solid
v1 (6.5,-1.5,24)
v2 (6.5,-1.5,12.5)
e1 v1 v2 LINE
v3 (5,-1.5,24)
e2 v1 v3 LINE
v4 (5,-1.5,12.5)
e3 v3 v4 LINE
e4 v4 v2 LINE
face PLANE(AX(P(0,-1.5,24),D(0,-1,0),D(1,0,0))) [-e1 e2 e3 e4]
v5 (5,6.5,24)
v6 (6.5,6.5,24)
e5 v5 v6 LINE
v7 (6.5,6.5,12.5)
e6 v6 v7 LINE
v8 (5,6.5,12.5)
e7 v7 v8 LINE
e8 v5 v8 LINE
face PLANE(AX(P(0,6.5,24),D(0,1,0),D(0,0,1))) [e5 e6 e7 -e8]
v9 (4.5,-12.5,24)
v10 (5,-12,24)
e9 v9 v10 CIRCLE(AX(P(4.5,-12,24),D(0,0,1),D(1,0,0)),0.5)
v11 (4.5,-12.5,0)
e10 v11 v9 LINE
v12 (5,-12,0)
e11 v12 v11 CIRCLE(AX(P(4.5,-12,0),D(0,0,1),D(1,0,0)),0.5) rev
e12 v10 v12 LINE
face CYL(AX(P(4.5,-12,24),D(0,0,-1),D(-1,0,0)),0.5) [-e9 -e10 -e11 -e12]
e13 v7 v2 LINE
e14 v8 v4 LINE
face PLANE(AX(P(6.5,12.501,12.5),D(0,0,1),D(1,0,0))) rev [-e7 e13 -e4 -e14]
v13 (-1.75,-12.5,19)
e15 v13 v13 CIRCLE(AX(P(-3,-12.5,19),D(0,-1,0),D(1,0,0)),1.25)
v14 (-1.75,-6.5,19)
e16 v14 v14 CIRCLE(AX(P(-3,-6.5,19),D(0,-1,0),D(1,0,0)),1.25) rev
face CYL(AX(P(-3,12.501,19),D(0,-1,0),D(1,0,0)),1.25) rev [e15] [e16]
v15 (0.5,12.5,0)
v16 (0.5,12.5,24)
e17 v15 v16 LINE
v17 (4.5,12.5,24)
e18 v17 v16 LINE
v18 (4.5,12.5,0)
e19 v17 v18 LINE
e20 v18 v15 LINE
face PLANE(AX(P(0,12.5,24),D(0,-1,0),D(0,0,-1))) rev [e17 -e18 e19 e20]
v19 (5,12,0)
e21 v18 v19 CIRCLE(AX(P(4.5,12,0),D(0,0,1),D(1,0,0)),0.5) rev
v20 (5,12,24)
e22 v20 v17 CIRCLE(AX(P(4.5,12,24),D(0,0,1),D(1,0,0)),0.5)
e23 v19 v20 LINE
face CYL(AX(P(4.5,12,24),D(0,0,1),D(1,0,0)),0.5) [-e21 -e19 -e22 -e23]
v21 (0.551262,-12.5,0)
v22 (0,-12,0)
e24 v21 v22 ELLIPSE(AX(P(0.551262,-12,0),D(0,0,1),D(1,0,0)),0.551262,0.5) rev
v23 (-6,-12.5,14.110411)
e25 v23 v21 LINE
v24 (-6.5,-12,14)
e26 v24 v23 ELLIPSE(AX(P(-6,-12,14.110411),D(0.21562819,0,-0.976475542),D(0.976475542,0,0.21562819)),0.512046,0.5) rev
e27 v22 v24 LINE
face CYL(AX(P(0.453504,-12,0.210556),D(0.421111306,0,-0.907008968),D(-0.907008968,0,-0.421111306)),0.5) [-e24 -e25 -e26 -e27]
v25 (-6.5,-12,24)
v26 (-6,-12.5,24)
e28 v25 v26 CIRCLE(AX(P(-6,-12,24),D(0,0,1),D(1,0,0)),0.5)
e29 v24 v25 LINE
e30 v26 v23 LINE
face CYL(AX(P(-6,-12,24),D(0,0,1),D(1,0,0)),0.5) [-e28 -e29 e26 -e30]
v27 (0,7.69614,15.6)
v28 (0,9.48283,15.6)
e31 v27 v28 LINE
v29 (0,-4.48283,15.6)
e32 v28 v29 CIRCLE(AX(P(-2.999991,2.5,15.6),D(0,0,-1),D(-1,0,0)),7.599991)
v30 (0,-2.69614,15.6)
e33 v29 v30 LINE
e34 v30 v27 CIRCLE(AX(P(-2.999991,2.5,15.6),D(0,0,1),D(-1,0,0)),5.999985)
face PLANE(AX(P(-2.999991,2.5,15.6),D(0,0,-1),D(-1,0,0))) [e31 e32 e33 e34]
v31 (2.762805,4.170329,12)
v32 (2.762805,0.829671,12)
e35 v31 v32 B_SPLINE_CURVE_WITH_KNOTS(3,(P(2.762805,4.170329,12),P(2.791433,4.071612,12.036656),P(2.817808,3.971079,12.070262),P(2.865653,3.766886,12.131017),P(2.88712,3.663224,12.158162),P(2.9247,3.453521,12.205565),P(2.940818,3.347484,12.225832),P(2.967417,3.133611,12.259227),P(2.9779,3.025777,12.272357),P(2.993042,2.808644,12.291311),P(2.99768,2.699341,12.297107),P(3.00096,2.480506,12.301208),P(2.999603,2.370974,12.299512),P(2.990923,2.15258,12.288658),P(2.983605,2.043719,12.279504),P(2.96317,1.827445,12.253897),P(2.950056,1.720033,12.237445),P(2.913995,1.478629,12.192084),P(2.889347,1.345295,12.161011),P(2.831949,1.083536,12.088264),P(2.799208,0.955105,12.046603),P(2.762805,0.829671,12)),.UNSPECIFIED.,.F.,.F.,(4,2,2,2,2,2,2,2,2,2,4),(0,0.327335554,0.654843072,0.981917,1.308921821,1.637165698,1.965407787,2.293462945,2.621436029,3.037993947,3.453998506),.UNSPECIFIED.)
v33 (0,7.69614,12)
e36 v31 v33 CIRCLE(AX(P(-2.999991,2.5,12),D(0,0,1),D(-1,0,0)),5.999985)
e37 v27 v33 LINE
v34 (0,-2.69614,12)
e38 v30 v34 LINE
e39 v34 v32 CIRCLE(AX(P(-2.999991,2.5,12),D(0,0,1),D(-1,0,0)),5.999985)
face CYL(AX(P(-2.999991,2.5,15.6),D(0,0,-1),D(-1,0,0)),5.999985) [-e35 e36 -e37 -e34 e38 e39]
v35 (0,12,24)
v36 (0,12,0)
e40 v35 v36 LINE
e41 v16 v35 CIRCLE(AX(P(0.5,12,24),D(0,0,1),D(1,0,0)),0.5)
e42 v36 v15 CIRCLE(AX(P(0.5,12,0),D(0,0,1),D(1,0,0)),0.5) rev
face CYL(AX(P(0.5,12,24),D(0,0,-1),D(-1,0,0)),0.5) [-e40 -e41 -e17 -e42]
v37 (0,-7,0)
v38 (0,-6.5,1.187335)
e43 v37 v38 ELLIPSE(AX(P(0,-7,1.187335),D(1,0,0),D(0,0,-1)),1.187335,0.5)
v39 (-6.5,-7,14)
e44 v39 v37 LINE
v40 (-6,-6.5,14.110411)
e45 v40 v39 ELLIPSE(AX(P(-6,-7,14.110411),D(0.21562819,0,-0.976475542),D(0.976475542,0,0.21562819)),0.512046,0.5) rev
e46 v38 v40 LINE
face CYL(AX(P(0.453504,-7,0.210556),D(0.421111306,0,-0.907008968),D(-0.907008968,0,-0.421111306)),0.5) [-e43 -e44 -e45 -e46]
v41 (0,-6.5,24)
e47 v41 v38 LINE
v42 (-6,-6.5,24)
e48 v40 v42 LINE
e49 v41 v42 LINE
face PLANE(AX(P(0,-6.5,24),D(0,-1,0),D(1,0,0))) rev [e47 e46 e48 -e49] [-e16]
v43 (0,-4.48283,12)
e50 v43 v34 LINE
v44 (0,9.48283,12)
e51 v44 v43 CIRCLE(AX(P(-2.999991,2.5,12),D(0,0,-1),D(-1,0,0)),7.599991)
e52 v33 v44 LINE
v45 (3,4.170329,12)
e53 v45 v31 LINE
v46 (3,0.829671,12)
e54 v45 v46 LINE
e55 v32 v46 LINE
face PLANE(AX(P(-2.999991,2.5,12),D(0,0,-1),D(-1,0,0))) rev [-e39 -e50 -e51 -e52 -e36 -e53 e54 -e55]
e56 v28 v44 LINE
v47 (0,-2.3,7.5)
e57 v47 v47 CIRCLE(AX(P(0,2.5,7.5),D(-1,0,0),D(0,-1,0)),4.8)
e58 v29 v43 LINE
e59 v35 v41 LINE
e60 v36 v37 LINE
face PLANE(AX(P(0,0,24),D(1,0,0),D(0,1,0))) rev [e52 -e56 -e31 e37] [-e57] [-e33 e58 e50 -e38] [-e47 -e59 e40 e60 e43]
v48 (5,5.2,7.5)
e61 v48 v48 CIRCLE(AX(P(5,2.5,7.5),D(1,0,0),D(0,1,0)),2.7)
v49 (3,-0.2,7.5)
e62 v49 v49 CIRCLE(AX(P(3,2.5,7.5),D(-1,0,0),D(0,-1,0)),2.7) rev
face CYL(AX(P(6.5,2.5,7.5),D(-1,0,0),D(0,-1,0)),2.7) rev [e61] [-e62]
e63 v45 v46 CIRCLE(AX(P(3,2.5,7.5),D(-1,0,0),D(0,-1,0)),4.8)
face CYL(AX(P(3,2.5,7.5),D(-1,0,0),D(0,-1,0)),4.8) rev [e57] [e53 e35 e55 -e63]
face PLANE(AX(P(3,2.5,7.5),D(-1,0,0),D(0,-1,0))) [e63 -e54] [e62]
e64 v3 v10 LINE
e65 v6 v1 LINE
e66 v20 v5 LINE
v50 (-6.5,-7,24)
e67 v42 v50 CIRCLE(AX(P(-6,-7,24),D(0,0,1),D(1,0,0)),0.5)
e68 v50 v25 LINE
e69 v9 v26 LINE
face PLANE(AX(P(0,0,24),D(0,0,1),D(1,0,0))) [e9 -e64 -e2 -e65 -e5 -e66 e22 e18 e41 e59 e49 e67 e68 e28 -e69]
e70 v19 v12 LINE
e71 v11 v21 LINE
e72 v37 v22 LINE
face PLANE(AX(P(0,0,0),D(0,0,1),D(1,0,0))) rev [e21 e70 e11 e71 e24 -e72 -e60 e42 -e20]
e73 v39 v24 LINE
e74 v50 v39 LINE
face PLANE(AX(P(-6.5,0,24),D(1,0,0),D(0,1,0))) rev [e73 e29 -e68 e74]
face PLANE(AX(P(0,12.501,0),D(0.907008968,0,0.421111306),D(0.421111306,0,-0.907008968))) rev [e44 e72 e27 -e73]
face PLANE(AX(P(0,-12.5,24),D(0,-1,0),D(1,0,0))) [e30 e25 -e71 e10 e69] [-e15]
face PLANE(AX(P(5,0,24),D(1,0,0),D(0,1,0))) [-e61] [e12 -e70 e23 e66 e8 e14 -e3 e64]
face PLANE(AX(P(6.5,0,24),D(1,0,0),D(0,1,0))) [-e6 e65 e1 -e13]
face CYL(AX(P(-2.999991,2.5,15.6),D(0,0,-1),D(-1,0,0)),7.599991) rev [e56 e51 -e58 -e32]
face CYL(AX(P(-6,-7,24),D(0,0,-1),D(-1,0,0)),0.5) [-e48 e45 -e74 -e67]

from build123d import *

# Parameters (mm, degrees)
BOSS_EXTRUDE1_DEPTH = 24
CUT_EXTRUDE1_REACH  = 37.26
SKETCH2_R           = 1.25
SKETCH2_W           = 1.5
SKETCH2_H           = 12.5
SKETCH3_R           = 2.7
CUT_EXTRUDE2_DEPTH  = 28.8298401
SKETCH4_R           = 4.8
CUT_EXTRUDE3_DEPTH  = 3
FILLET1_R           = 0.5
CUT_EXTRUDE4_DEPTH  = 3.6


with BuildPart() as part:
    # Sketch1 → Boss-Extrude1 (new body)
    with BuildSketch(Plane.XY):
        Polygon((5, 12.5), (0, 12.5), (0, -6.5), (-6.5, -6.5), (-6.5, -12.5), (5, -12.5), (5, -1.5), (6.5, -1.5), (6.5, 6.5), (5, 6.5), align=None)
    extrude(amount=BOSS_EXTRUDE1_DEPTH)

    # Sketch2 → Cut-Extrude1 (cut, up to next)
    with BuildSketch(Plane.XZ.offset(12.5), mode=Mode.PRIVATE) as cut_extrude1_sk1:
        with Locations((-3, 19)):
            Circle(SKETCH2_R)
    cut_extrude1_tool1 = extrude(cut_extrude1_sk1.sketch, amount=-CUT_EXTRUDE1_REACH, mode=Mode.PRIVATE) & part.part
    # Sketch2 → Cut-Extrude1 (cut, up to next)
    with BuildSketch(Plane.XZ.offset(12.5), mode=Mode.PRIVATE) as cut_extrude1_sk2:
        with Locations((5.75, 6.25)):
            Rectangle(SKETCH2_W, SKETCH2_H)
    cut_extrude1_tool2 = extrude(cut_extrude1_sk2.sketch, amount=-CUT_EXTRUDE1_REACH, mode=Mode.PRIVATE) & part.part
    # Sketch2 → Cut-Extrude1 (cut, up to next)
    with BuildSketch(Plane.XZ.offset(12.5), mode=Mode.PRIVATE) as cut_extrude1_sk3:
        Polygon((0, 0), (-6.5, 14), (-6.5, 0), align=None)
    cut_extrude1_tool3 = extrude(cut_extrude1_sk3.sketch, amount=-CUT_EXTRUDE1_REACH, mode=Mode.PRIVATE) & part.part
    add(cut_extrude1_tool1.solids().sort_by_distance((-3, -12.5, 19))[0], mode=Mode.SUBTRACT)
    add(cut_extrude1_tool2.solids().sort_by_distance((5.75, -12.5, 6.25))[0], mode=Mode.SUBTRACT)
    add(cut_extrude1_tool3.solids().sort_by_distance((-4.333333, -12.5, 4.666667))[0], mode=Mode.SUBTRACT)

    # Sketch3 → Cut-Extrude2 (cut, through all)
    with BuildSketch(Plane.ZY):
        with Locations((7.5, 2.5)):
            Circle(SKETCH3_R)
    extrude(amount=-CUT_EXTRUDE2_DEPTH, mode=Mode.SUBTRACT)

    # Sketch4 → Cut-Extrude3 (cut)
    with BuildSketch(Plane.ZY):
        with Locations((7.5, 2.5)):
            Circle(SKETCH4_R)
    extrude(amount=-CUT_EXTRUDE3_DEPTH, mode=Mode.SUBTRACT)

    # Fillet1
    fillet1_edges = [part.edges().sort_by_distance(p)[0] for p in [
        (5, -12.5, 12),
        (0, 12.5, 12),
        (5, 12.5, 12),
        (-6.5, -12.5, 19),
        (-3.25, -12.5, 7),
        (-6.5, -6.5, 19),
        (-3.25, -6.5, 7),
    ]]
    fillet(fillet1_edges, radius=FILLET1_R)

    # Sketch6 → Cut-Extrude4 (cut)
    with BuildSketch(Plane(origin=(0, 0, 12), x_dir=(-1, 0, 0), z_dir=(0, 0, -1))):
        with BuildLine():
            Line((0, 7.69614), (0, 9.48283))
            ThreePointArc((0, 9.48283), (-4.6, 2.5), (0, -4.48283))
            Line((0, -4.48283), (0, -2.69614))
            ThreePointArc((0, -2.69614), (-2.999993872, 2.5), (0, 7.69614))
        make_face()
    extrude(amount=-CUT_EXTRUDE4_DEPTH, mode=Mode.SUBTRACT)


solid = part.part
